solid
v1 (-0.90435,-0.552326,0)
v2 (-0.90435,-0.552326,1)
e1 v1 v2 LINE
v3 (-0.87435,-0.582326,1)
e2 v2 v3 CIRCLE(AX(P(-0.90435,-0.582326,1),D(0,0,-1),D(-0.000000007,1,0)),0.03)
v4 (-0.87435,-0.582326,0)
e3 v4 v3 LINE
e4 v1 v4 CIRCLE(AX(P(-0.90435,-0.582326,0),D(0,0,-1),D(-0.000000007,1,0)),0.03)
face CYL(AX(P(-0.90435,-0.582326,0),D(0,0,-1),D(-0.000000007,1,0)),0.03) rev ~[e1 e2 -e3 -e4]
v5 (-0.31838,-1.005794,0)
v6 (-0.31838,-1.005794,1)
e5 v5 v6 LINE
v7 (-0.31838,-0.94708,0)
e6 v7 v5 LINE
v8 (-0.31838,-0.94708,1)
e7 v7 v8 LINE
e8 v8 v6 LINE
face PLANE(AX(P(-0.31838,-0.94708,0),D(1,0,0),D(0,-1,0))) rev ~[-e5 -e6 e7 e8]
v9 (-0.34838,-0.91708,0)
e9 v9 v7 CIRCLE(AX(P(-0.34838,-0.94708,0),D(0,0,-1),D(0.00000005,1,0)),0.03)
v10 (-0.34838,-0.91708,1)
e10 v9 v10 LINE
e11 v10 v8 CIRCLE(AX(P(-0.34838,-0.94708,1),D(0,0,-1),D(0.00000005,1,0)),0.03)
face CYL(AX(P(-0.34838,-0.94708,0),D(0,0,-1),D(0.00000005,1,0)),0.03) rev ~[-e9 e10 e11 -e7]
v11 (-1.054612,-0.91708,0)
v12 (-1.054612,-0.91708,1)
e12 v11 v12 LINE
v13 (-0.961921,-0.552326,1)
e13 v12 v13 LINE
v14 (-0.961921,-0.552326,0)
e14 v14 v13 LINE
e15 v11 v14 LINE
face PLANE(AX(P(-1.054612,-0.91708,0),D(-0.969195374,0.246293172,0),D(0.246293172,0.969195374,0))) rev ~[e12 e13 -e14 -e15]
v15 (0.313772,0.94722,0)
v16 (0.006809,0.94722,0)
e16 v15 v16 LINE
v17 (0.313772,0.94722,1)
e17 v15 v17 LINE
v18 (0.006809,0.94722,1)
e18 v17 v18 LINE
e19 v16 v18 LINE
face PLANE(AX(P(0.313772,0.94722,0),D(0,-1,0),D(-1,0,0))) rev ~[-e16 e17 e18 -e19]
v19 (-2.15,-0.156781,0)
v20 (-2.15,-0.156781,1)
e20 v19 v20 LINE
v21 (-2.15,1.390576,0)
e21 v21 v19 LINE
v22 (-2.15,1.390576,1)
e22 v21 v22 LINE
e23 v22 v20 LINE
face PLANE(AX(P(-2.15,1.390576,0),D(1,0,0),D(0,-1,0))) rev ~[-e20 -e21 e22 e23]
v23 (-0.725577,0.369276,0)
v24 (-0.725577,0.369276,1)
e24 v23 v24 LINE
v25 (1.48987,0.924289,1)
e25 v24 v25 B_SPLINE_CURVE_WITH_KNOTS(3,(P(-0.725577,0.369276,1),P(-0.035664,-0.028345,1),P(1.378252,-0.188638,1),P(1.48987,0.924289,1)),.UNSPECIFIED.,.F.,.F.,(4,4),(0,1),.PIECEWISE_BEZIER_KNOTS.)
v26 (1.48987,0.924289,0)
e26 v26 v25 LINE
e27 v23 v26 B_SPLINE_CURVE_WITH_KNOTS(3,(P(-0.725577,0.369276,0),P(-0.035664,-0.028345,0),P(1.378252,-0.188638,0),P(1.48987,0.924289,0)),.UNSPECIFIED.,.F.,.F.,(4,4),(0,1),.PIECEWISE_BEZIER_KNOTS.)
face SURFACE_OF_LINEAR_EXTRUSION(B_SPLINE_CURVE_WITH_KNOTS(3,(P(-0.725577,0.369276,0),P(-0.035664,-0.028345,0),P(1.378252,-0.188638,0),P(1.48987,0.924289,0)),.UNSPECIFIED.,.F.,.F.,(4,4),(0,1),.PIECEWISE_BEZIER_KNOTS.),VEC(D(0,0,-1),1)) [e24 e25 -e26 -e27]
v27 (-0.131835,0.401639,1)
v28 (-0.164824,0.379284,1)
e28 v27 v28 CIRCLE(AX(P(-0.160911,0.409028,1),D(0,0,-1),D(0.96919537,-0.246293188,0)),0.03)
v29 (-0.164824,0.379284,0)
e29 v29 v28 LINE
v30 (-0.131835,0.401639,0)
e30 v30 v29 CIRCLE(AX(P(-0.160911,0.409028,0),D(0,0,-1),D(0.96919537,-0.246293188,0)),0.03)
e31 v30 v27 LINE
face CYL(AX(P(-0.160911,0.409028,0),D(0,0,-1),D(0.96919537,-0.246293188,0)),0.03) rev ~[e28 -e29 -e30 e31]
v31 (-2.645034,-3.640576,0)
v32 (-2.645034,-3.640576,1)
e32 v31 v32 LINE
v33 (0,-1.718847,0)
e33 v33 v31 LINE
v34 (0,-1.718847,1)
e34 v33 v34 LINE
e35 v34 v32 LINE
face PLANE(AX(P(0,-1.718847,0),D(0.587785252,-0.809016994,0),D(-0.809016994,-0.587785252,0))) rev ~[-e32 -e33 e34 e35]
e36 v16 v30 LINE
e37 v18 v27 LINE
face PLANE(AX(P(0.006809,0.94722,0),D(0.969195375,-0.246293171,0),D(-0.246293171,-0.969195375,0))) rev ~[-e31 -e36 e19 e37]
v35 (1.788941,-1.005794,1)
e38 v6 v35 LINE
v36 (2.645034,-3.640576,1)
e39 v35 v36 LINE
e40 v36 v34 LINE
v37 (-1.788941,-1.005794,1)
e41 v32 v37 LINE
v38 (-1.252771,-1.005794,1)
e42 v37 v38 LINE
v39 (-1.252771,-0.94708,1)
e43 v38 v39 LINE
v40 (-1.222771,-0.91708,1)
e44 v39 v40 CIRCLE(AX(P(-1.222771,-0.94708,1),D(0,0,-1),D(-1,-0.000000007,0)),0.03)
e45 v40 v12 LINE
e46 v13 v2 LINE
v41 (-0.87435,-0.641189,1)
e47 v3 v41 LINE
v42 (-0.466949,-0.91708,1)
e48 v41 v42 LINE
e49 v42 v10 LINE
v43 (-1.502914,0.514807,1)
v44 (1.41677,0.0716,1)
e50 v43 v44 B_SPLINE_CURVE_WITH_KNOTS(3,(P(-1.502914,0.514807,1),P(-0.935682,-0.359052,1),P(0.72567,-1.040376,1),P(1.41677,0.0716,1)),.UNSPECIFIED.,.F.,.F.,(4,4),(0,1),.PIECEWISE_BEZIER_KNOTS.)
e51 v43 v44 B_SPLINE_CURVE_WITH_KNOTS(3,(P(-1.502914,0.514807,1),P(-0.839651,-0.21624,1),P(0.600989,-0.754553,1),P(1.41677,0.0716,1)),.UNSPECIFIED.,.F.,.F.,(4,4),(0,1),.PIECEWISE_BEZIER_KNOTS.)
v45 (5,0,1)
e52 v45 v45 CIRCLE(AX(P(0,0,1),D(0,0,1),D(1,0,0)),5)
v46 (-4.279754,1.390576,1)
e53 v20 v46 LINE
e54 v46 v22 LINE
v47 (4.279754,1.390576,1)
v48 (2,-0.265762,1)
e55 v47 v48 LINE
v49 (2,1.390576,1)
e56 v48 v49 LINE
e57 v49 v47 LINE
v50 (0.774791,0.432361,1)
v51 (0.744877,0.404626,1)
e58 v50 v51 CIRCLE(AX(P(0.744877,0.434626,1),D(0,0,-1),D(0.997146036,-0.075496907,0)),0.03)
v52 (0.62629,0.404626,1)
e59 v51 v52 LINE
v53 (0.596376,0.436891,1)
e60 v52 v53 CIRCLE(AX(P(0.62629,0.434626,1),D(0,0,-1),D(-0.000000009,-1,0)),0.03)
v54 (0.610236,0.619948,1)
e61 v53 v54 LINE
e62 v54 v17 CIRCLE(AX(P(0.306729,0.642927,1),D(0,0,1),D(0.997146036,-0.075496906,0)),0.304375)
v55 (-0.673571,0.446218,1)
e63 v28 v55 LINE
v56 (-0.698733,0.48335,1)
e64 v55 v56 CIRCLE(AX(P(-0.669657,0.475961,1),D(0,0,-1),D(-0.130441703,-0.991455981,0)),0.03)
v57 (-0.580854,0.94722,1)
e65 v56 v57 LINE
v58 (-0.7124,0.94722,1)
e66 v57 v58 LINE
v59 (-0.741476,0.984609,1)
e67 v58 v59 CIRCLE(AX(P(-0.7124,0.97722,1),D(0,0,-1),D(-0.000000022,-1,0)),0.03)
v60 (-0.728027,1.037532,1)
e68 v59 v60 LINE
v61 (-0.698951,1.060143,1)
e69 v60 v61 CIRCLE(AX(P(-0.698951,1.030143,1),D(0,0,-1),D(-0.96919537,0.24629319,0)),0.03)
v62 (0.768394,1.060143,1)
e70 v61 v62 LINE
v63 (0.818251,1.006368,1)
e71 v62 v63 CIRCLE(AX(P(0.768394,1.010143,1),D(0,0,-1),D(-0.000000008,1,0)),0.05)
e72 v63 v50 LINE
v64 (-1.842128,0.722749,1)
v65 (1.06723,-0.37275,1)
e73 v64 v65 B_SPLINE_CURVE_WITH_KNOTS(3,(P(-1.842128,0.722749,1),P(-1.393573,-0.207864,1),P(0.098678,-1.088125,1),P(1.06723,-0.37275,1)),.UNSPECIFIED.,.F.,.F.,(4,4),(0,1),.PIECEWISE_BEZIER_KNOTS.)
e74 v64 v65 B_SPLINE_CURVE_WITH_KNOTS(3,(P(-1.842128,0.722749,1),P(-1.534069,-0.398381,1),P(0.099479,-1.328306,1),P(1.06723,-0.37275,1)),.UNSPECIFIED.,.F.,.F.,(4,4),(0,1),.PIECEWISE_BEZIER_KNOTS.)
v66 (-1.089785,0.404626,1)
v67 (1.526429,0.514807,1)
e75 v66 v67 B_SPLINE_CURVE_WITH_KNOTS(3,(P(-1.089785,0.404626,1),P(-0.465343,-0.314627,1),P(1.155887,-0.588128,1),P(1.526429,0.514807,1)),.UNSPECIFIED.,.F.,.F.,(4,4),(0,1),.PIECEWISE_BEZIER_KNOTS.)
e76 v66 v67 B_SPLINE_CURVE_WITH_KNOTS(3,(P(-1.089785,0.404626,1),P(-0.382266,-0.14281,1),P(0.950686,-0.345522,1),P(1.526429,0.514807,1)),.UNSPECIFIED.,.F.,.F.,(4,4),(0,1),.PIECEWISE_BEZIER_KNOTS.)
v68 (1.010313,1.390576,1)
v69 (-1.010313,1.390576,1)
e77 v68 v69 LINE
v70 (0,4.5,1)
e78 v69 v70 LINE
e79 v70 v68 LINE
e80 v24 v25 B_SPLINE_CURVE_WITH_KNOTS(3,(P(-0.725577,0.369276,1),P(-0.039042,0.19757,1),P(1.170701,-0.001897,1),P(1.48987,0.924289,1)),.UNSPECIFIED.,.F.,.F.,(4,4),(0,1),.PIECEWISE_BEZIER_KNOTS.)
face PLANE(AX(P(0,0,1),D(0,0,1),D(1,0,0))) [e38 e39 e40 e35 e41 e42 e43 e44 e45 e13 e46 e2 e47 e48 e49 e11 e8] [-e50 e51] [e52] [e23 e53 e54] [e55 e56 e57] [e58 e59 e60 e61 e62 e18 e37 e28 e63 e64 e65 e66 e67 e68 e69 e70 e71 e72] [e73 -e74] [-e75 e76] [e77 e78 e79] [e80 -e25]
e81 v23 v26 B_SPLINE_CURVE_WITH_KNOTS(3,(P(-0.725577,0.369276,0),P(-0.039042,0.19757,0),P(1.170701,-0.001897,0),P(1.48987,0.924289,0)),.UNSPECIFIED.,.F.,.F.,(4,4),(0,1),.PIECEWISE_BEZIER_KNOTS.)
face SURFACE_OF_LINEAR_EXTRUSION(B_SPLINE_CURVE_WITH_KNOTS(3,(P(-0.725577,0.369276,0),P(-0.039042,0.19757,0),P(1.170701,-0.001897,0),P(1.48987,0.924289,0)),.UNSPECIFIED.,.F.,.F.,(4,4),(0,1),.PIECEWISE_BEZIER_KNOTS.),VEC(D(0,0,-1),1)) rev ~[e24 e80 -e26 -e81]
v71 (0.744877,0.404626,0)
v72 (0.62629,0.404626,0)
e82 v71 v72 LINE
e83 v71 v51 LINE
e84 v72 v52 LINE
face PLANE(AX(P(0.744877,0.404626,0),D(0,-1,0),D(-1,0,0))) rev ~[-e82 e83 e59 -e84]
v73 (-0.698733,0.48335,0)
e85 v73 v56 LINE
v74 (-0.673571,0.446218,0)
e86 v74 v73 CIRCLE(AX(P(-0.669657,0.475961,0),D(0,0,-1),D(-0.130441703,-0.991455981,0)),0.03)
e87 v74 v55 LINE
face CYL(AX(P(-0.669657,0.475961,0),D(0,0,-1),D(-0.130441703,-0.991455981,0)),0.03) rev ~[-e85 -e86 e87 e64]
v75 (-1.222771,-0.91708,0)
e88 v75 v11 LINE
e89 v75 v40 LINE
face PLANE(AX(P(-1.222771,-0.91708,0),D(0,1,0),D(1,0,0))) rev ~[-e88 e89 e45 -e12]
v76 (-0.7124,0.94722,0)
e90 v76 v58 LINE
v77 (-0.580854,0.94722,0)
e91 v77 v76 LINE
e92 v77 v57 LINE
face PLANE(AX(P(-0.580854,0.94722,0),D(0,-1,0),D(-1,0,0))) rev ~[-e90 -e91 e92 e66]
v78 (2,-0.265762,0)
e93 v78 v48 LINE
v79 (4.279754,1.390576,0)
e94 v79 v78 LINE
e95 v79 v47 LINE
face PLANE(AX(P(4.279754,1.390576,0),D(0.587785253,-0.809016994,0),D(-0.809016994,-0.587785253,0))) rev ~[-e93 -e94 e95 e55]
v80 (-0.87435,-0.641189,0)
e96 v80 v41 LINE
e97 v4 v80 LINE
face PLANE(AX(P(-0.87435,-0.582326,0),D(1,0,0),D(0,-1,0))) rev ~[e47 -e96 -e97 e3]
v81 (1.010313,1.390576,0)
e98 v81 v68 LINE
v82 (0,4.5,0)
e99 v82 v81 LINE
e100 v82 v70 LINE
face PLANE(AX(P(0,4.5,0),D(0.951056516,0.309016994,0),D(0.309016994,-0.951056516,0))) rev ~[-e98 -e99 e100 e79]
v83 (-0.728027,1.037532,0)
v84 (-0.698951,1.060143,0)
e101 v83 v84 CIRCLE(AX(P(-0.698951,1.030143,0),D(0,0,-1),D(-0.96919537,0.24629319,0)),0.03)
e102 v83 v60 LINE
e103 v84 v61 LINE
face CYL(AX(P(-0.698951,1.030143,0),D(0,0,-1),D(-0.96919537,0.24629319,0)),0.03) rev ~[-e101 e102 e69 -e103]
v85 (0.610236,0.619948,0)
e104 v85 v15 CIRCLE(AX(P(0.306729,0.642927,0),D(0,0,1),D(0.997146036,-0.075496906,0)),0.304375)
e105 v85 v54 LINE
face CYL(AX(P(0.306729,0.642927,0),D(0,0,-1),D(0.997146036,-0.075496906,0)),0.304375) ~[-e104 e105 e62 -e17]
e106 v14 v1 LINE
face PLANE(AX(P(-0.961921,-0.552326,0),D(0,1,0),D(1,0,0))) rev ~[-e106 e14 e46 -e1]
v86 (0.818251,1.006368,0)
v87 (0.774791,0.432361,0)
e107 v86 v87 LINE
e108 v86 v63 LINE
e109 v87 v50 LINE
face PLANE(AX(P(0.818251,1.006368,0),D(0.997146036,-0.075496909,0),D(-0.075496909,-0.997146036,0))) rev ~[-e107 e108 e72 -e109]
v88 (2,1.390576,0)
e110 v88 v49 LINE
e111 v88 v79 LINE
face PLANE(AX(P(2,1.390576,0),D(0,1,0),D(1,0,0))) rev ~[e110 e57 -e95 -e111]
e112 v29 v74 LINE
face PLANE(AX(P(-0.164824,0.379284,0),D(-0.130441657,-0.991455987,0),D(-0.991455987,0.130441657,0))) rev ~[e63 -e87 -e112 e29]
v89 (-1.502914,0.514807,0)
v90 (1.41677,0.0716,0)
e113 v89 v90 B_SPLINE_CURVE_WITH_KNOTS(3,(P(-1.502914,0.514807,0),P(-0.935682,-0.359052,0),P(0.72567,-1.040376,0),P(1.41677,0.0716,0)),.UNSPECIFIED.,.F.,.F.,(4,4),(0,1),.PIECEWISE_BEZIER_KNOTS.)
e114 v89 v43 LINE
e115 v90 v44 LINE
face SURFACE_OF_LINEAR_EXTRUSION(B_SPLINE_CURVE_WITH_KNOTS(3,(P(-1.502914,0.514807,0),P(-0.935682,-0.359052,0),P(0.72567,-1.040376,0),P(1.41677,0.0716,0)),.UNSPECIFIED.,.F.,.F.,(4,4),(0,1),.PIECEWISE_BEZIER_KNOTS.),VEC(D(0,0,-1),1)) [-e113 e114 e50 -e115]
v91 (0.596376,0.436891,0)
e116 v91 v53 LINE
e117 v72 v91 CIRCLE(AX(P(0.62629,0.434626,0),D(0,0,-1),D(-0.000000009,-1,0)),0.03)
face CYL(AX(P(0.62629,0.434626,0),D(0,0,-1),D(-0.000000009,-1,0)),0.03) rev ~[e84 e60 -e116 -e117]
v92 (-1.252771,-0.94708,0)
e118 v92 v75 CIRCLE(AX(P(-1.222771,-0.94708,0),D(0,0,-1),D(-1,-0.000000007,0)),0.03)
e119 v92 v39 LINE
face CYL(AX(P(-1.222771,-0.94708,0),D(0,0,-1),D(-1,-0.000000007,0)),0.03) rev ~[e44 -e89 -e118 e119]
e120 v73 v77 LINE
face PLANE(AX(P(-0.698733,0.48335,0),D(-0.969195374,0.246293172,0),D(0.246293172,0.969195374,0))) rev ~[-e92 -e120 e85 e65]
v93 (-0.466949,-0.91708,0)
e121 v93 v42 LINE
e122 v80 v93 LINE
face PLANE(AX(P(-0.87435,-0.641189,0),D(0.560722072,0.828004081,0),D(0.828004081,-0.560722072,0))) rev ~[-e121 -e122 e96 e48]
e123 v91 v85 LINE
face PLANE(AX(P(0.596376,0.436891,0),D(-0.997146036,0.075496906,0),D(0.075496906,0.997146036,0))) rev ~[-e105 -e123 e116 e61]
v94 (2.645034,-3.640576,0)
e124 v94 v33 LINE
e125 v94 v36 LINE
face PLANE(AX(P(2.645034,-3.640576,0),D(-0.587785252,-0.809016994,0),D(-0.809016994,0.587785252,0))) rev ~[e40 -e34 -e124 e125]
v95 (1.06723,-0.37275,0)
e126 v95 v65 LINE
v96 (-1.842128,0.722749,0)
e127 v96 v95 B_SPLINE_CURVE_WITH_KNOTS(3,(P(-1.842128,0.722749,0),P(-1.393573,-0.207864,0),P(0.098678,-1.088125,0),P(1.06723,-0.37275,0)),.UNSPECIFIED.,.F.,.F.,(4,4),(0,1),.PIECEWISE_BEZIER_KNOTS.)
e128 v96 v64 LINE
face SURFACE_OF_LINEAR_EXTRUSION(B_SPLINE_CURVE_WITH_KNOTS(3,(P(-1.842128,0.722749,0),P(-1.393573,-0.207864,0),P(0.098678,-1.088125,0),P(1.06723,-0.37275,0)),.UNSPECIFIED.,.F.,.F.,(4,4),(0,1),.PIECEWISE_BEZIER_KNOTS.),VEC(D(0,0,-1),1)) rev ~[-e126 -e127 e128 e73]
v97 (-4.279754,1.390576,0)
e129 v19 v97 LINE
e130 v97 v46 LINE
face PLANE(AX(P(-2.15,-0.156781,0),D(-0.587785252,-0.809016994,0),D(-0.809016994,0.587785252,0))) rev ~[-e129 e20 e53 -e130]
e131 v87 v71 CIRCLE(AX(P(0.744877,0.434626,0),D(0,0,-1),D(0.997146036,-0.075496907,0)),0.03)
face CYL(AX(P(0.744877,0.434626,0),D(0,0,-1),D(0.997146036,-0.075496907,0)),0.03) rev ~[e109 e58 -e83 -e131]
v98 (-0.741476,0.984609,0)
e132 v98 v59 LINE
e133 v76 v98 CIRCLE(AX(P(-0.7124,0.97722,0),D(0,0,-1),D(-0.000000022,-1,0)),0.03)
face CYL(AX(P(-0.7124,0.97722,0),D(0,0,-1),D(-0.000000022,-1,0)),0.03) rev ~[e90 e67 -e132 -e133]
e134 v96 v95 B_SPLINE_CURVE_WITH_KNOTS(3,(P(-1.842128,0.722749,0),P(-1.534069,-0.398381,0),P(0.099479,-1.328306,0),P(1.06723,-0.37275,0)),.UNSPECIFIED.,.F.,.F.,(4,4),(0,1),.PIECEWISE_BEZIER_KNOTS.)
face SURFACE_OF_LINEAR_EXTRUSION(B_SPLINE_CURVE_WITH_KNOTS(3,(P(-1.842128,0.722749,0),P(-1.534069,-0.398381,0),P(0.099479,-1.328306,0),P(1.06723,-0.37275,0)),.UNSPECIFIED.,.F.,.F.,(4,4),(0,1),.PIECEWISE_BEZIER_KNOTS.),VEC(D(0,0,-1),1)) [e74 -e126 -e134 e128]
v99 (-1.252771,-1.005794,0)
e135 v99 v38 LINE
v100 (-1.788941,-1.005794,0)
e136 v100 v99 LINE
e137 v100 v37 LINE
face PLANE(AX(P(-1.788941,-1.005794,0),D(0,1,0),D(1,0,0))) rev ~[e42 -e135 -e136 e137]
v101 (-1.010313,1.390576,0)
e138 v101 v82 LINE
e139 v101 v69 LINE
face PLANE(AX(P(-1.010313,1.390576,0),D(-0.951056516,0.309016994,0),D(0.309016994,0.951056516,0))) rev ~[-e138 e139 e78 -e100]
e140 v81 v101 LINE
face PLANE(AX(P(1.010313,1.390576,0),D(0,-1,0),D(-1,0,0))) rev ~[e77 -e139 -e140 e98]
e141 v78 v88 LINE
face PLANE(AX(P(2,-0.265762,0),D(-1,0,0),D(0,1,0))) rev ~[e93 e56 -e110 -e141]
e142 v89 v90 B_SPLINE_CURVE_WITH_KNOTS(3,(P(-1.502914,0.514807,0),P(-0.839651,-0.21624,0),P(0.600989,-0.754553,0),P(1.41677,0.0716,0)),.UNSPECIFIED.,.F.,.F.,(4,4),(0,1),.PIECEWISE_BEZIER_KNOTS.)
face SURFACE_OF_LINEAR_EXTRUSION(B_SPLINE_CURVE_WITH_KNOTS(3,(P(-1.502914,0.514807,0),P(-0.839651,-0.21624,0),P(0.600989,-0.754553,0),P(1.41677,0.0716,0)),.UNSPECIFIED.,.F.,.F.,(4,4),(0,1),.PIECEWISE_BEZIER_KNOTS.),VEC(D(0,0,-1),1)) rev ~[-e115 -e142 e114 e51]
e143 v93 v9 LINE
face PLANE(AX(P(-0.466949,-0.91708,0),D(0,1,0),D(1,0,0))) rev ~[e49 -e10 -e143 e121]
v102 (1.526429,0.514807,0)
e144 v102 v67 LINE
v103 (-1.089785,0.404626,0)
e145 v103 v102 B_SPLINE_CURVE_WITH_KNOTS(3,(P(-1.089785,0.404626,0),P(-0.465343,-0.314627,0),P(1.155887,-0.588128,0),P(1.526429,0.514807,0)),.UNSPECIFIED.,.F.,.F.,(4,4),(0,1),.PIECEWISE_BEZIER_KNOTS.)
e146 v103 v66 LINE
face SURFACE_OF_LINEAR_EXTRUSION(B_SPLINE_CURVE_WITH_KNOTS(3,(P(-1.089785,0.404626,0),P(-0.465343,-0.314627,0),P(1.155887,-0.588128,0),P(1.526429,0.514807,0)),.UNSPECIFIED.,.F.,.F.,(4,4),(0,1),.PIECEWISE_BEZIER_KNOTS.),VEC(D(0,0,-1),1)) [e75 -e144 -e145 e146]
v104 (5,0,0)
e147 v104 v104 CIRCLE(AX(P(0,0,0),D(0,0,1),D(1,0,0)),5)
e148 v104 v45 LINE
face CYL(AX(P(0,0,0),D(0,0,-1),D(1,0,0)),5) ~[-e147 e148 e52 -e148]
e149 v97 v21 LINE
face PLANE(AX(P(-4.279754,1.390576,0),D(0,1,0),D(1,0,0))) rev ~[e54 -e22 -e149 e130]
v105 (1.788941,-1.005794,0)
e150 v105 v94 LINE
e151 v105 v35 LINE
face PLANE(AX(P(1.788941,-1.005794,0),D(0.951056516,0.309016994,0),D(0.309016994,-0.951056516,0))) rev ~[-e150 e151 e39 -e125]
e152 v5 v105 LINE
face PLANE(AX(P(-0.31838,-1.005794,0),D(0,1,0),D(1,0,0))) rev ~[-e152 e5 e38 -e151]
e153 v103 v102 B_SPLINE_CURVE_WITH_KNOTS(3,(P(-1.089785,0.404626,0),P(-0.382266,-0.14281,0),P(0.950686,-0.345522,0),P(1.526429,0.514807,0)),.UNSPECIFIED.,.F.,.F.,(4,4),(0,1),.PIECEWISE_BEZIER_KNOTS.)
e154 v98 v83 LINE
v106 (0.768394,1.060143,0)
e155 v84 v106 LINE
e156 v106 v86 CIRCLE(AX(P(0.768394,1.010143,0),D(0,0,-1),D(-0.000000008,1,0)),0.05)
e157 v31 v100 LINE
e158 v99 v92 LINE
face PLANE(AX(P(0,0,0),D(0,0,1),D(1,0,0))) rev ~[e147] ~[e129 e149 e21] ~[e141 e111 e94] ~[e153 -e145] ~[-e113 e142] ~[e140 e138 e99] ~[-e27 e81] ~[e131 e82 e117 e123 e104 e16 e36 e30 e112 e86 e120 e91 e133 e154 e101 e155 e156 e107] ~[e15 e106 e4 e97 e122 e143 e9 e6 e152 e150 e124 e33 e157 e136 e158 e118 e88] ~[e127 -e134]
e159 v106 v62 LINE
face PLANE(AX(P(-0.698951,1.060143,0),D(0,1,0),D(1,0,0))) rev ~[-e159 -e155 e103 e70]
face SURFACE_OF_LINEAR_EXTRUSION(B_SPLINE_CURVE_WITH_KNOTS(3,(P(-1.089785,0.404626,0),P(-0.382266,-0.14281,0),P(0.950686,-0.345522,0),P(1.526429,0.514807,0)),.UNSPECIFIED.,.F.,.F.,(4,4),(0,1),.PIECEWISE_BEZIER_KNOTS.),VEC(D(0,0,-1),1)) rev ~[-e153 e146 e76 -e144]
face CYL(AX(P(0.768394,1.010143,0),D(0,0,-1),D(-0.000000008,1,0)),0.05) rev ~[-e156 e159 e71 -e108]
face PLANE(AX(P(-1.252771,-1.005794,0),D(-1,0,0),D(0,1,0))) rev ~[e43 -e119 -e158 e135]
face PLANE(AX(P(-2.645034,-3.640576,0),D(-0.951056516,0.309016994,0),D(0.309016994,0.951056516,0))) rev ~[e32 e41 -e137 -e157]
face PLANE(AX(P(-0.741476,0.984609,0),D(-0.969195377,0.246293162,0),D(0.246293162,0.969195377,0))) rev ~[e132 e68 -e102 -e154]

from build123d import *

# Parameters (mm, degrees)
SKETCH_1_R      = 5
EXTRUDE_1_DEPTH = 1


with BuildPart() as part:
    # 草图1 → 凸台-拉伸1 (new body)
    with BuildSketch(Plane.XY):
        Circle(SKETCH_1_R)
        with BuildLine():
            Line((-0.318380039, -1.005793851), (1.720384349, -1.005793851))
            Line((1.720384349, -1.005793851), (1.788940866, -1.005793851))
            Line((1.788940866, -1.005793851), (2.645033635, -3.640576475))
            Line((2.645033635, -3.640576475), (0, -1.718847051))
            Line((0, -1.718847051), (-2.645033635, -3.640576475))
            Line((-2.645033635, -3.640576475), (-1.788940866, -1.005793851))
            Line((-1.788940866, -1.005793851), (-1.252770646, -1.005793851))
            Line((-1.252770646, -1.005793851), (-1.252770646, -0.94707964))
            ThreePointArc((-1.252770646, -0.94707964), (-1.24398385, -0.925866437), (-1.222770646, -0.91707964))
            Line((-1.222770646, -0.91707964), (-1.054612311, -0.91707964))
            Line((-1.054612311, -0.91707964), (-0.9619207, -0.552326205))
            Line((-0.9619207, -0.552326205), (-0.904349803, -0.552326205))
            ThreePointArc((-0.904349803, -0.552326205), (-0.8831366, -0.561113001), (-0.874349803, -0.582326205))
            Line((-0.874349803, -0.582326205), (-0.874349803, -0.641189165))
            Line((-0.874349803, -0.641189165), (-0.466949327, -0.91707964))
            Line((-0.466949327, -0.91707964), (-0.348380039, -0.91707964))
            ThreePointArc((-0.348380039, -0.91707964), (-0.327166836, -0.925866437), (-0.318380039, -0.94707964))
            Line((-0.318380039, -0.94707964), (-0.318380039, -1.005793851))
        make_face(mode=Mode.SUBTRACT)
        with BuildLine():
            add(Edge.make_bspline(
                [(-1.842127605, 0.722748563), (-1.53406941, -0.398381027), (0.099478664, -1.328305568), (1.067230007, -0.372749727)],
                knots=[0, 0, 0, 0, 1, 1, 1, 1], degree=3))
            add(Edge.make_bspline(
                [(-1.842127605, 0.722748563), (-1.393572664, -0.207863674), (0.098677528, -1.088124965), (1.067230007, -0.372749727)],
                knots=[0, 0, 0, 0, 1, 1, 1, 1], degree=3))
        make_face(mode=Mode.SUBTRACT)
        with BuildLine():
            add(Edge.make_bspline(
                [(-1.502914254, 0.514806758), (-0.935681631, -0.359051857), (0.725669726, -1.040375739), (1.416769627, 0.071599659)],
                knots=[0, 0, 0, 0, 1, 1, 1, 1], degree=3))
            add(Edge.make_bspline(
                [(-1.502914254, 0.514806758), (-0.839650751, -0.216239781), (0.600989178, -0.75455265), (1.416769627, 0.071599659)],
                knots=[0, 0, 0, 0, 1, 1, 1, 1], degree=3))
        make_face(mode=Mode.SUBTRACT)
        with BuildLine():
            add(Edge.make_bspline(
                [(-1.089784914, 0.404626073), (-0.465343338, -0.314626601), (1.155887368, -0.588128356), (1.526429115, 0.514806758)],
                knots=[0, 0, 0, 0, 1, 1, 1, 1], degree=3))
            add(Edge.make_bspline(
                [(-1.089784914, 0.404626073), (-0.382266231, -0.142810276), (0.950686118, -0.345522278), (1.526429115, 0.514806758)],
                knots=[0, 0, 0, 0, 1, 1, 1, 1], degree=3))
        make_face(mode=Mode.SUBTRACT)
        Polygon((-4.279754323, 1.390576475), (-2.15, 1.390576475), (-2.15, -0.066596805), (-2.15, -0.156780615), align=None, mode=Mode.SUBTRACT)
        Polygon((-1.010312947, 1.390576475), (0, 4.5), (1.010312947, 1.390576475), align=None, mode=Mode.SUBTRACT)
        with BuildLine():
            add(Edge.make_bspline(
                [(-0.725576796, 0.369276137), (-0.035664287, -0.02834489), (1.378252258, -0.188638059), (1.489870248, 0.924289378)],
                knots=[0, 0, 0, 0, 1, 1, 1, 1], degree=3))
            add(Edge.make_bspline(
                [(-0.725576796, 0.369276137), (-0.039042271, 0.197569955), (1.170700763, -0.001897128), (1.489870248, 0.924289378)],
                knots=[0, 0, 0, 0, 1, 1, 1, 1], degree=3))
        make_face(mode=Mode.SUBTRACT)
        with BuildLine():
            ThreePointArc((-0.712399817, 0.947220378), (-0.736081707, 0.958803862), (-0.741475678, 0.984609173))
            Line((-0.741475678, 0.984609173), (-0.7280269, 1.03753185))
            ThreePointArc((-0.7280269, 1.03753185), (-0.717367555, 1.053824945), (-0.698951039, 1.060143055))
            Line((-0.698951039, 1.060143055), (0.76839361, 1.060143055))
            ThreePointArc((0.76839361, 1.060143055), (0.805059277, 1.044137597), (0.818250912, 1.00636821))
            Line((0.818250912, 1.00636821), (0.774791122, 0.432361166))
            ThreePointArc((0.774791122, 0.432361166), (0.765273466, 0.412626673), (0.744876741, 0.404626073))
            Line((0.744876741, 0.404626073), (0.626290225, 0.404626073))
            ThreePointArc((0.626290225, 0.404626073), (0.604290825, 0.414229348), (0.596375844, 0.43689098))
            Line((0.596375844, 0.43689098), (0.610235616, 0.61994771))
            ThreePointArc((0.610235616, 0.61994771), (0.53231079, 0.847272593), (0.313771729, 0.947220378))
            Line((0.313771729, 0.947220378), (0.006808985, 0.947220378))
            Line((0.006808985, 0.947220378), (-0.131834864, 0.401638961))
            ThreePointArc((-0.131834864, 0.401638961), (-0.144081452, 0.38419279), (-0.164823975, 0.379284077))
            Line((-0.164823975, 0.379284077), (-0.673570673, 0.446217721))
            ThreePointArc((-0.673570673, 0.446217721), (-0.694492389, 0.459132127), (-0.698733285, 0.483350196))
            Line((-0.698733285, 0.483350196), (-0.580853999, 0.947220378))
            Line((-0.580853999, 0.947220378), (-0.712399817, 0.947220378))
        make_face(mode=Mode.SUBTRACT)
        Polygon((4.279754323, 1.390576475), (2, -0.265761995), (2, -0.022653284), (2, 1.390576475), align=None, mode=Mode.SUBTRACT)
    extrude(amount=EXTRUDE_1_DEPTH)


solid = part.part
